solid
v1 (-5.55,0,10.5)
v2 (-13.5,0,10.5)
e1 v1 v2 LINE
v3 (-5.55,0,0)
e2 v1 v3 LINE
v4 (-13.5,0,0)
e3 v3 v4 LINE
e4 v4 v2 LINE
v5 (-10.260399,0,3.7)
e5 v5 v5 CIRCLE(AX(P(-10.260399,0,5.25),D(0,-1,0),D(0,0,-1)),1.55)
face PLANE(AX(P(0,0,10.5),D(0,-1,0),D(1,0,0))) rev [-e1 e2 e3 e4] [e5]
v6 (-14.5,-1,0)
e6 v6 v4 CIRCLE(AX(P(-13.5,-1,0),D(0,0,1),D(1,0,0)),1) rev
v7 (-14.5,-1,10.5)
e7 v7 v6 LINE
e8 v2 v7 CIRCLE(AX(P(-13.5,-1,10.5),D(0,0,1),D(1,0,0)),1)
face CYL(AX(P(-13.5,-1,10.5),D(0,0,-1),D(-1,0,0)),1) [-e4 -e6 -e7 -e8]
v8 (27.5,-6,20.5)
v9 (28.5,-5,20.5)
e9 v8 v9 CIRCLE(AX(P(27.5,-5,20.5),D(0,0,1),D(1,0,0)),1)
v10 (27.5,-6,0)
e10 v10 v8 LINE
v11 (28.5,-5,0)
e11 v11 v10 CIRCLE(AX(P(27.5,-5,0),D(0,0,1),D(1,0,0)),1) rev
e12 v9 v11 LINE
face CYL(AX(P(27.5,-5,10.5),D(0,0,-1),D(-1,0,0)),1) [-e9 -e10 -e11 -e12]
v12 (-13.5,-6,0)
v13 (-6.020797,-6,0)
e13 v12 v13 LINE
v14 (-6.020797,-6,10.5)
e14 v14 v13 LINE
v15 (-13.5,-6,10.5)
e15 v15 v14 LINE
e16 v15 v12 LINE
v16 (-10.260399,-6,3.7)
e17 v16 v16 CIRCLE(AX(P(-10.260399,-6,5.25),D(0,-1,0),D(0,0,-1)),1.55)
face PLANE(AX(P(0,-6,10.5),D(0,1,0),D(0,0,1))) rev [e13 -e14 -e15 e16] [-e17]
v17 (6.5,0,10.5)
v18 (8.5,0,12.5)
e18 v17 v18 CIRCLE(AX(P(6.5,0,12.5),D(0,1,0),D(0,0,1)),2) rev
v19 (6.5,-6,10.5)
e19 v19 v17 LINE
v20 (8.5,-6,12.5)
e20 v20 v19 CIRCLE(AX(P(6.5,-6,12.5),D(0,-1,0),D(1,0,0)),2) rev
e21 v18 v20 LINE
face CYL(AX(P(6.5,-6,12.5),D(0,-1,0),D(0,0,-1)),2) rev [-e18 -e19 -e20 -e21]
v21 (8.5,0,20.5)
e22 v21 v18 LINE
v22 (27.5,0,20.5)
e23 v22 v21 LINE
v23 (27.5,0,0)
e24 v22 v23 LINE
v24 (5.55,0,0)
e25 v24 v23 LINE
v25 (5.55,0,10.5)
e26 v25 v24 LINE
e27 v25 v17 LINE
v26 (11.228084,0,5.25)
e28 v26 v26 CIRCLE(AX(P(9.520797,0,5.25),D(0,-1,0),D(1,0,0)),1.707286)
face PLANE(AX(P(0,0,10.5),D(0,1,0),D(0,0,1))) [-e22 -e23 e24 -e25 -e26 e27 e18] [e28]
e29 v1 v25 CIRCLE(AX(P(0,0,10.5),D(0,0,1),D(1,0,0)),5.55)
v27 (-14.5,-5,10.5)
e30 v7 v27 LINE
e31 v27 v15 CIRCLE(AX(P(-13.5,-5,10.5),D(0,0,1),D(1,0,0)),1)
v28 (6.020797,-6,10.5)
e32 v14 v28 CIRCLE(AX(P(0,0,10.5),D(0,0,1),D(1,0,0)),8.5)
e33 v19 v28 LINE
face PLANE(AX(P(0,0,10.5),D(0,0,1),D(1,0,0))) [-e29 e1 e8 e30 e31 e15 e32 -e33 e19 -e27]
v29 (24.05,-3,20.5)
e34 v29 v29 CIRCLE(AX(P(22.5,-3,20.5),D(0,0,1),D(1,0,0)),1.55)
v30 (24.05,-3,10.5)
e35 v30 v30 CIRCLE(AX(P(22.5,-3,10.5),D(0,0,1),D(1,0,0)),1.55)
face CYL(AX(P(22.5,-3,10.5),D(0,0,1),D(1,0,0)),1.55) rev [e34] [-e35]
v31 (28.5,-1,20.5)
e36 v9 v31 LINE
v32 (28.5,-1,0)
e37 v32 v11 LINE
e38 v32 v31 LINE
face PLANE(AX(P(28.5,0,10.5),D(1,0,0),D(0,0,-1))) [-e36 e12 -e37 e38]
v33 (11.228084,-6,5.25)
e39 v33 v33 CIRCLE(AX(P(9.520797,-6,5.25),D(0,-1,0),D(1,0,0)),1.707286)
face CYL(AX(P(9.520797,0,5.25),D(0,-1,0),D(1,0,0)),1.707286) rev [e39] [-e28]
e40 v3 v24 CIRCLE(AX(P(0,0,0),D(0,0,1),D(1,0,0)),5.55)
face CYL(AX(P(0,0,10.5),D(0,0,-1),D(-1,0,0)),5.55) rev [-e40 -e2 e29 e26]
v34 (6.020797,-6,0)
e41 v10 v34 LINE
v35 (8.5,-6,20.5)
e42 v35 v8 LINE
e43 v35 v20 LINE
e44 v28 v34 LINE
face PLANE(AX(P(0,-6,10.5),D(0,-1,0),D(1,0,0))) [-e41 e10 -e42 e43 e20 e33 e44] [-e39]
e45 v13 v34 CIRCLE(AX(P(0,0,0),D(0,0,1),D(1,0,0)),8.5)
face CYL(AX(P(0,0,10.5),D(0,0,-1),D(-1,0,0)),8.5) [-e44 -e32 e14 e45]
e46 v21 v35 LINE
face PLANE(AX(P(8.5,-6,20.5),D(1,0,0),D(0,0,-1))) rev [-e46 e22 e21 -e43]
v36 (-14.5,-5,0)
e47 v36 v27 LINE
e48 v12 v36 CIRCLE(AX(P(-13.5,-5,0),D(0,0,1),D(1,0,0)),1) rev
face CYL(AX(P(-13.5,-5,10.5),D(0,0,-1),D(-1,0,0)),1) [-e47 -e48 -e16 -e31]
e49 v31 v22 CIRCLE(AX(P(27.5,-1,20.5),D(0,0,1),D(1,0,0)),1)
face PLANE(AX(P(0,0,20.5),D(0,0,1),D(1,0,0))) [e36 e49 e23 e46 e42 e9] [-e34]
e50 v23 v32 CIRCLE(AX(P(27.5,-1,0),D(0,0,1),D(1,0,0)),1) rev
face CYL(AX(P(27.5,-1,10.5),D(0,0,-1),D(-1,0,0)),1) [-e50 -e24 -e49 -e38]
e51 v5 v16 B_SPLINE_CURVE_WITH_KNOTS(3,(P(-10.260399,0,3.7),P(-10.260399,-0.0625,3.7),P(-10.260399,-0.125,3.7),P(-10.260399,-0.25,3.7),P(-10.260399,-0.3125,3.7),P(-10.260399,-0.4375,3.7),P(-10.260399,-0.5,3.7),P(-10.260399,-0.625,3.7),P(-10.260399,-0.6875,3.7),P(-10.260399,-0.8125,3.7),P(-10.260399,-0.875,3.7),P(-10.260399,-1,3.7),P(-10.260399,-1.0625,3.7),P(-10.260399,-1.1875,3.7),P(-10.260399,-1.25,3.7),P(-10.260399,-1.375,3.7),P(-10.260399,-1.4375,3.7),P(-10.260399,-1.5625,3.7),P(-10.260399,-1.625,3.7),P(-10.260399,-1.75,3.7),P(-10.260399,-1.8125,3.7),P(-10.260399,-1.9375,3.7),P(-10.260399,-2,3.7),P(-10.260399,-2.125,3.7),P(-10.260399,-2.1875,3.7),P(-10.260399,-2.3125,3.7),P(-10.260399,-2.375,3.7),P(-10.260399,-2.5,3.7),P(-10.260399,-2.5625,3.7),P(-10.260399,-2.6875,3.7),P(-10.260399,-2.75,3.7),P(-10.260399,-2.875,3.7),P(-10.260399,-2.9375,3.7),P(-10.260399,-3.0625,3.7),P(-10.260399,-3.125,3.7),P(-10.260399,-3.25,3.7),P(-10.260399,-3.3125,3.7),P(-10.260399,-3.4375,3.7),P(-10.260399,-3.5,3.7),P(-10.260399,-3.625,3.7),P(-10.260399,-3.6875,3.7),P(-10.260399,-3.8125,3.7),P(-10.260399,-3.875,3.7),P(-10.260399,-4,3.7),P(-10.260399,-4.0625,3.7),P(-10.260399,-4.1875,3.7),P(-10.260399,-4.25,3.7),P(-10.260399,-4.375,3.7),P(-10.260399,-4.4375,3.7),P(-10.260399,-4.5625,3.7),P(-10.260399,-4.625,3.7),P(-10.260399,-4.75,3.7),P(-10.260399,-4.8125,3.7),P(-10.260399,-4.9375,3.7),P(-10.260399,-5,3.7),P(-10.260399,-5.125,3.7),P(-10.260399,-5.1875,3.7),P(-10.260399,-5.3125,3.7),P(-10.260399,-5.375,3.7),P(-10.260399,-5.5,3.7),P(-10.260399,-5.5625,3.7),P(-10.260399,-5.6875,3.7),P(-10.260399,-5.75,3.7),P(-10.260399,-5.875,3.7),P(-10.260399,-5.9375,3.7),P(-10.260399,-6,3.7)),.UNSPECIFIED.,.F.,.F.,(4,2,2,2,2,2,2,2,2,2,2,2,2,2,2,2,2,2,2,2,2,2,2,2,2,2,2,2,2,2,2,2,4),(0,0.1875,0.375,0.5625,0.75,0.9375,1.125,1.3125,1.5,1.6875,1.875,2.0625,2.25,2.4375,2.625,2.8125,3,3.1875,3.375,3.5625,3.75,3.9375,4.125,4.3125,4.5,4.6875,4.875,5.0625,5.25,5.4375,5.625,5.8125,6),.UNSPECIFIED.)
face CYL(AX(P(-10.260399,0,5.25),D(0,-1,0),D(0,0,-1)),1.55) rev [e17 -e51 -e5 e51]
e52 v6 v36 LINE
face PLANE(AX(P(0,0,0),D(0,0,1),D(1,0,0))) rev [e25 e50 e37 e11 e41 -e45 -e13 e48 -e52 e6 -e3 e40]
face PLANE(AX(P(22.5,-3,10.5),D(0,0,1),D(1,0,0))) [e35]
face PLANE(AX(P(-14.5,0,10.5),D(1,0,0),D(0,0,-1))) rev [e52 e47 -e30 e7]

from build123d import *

# Parameters (mm, degrees)
EXTRUDE_1_DEPTH     = 10.5
SKETCH_2_R          = 1.55
CUT_EXTRUDE_1_DEPTH = 31.959651161
SKETCH_3_R          = 1.70728631
CUT_EXTRUDE_2_DEPTH = 31.959651161
SKETCH_5_W          = 20
SKETCH_5_H          = 6
EXTRUDE_2_DEPTH     = 10
SKETCH_6_R          = 1.55
CUT_EXTRUDE_4_DEPTH = 10
FILLET_1_R          = 2
FILLET_2_R          = 1


with BuildPart() as part:
    # 草图1 → 凸台-拉伸1 (new body)
    with BuildSketch(Plane.XY):
        with BuildLine():
            ThreePointArc((-6.020797289, -6), (-7.855786942, -3.246014713), (-8.5, 0))
            Line((-8.5, 0), (-14.5, 0))
            Line((-14.5, 0), (-14.5, -6))
            Line((-14.5, -6), (-6.020797289, -6))
        make_face()
        with BuildLine():
            Line((-8.5, 0), (-5.55, 0))
            ThreePointArc((-5.55, 0), (0, -5.55), (5.55, 0))
            Line((5.55, 0), (8.5, 0))
            ThreePointArc((8.5, 0), (0, -8.5), (-8.5, 0))
        make_face()
        with BuildLine():
            ThreePointArc((8.5, 0), (7.855786942, -3.246014713), (6.020797289, -6))
            Line((6.020797289, -6), (28.5, -6))
            Line((28.5, -6), (28.5, 0))
            Line((28.5, 0), (8.5, 0))
        make_face()
    extrude(amount=EXTRUDE_1_DEPTH)

    # 草图2 → 切除-拉伸1 (cut, through all)
    with BuildSketch(Plane.XZ.offset(6)):
        with Locations(Location((-10.260398645, 5.25, 0), (0, 0, 270))):
            Circle(SKETCH_2_R)
    extrude(amount=-CUT_EXTRUDE_1_DEPTH, mode=Mode.SUBTRACT)

    # 草图3 → 切除-拉伸2 (cut, through all)
    with BuildSketch(Plane.XZ.offset(6)):
        with Locations((9.520797289, 5.25)):
            Circle(SKETCH_3_R)
    extrude(amount=-CUT_EXTRUDE_2_DEPTH, mode=Mode.SUBTRACT)

    # 草图5 → 凸台-拉伸2 (add)
    with BuildSketch(Plane.XY.offset(10.5)):
        with Locations((18.5, -3)):
            Rectangle(SKETCH_5_W, SKETCH_5_H)
    extrude(amount=EXTRUDE_2_DEPTH)

    # 草图6 → 切除-拉伸4 (cut)
    with BuildSketch(Plane.XY.offset(20.5)):
        with Locations((22.5, -3)):
            Circle(SKETCH_6_R)
    extrude(amount=-CUT_EXTRUDE_4_DEPTH, mode=Mode.SUBTRACT)

    # 圆角1
    fillet_1_edges = [part.edges().sort_by_distance(p)[0] for p in [
        (8.5, -3, 10.5),
    ]]
    fillet(fillet_1_edges, radius=FILLET_1_R)

    # 圆角2
    fillet_2_edges = [part.edges().sort_by_distance(p)[0] for p in [
        (-14.5, -6, 5.25),
        (-14.5, 0, 5.25),
        (28.5, 0, 10.25),
        (28.5, -6, 10.25),
    ]]
    fillet(fillet_2_edges, radius=FILLET_2_R)


solid = part.part
